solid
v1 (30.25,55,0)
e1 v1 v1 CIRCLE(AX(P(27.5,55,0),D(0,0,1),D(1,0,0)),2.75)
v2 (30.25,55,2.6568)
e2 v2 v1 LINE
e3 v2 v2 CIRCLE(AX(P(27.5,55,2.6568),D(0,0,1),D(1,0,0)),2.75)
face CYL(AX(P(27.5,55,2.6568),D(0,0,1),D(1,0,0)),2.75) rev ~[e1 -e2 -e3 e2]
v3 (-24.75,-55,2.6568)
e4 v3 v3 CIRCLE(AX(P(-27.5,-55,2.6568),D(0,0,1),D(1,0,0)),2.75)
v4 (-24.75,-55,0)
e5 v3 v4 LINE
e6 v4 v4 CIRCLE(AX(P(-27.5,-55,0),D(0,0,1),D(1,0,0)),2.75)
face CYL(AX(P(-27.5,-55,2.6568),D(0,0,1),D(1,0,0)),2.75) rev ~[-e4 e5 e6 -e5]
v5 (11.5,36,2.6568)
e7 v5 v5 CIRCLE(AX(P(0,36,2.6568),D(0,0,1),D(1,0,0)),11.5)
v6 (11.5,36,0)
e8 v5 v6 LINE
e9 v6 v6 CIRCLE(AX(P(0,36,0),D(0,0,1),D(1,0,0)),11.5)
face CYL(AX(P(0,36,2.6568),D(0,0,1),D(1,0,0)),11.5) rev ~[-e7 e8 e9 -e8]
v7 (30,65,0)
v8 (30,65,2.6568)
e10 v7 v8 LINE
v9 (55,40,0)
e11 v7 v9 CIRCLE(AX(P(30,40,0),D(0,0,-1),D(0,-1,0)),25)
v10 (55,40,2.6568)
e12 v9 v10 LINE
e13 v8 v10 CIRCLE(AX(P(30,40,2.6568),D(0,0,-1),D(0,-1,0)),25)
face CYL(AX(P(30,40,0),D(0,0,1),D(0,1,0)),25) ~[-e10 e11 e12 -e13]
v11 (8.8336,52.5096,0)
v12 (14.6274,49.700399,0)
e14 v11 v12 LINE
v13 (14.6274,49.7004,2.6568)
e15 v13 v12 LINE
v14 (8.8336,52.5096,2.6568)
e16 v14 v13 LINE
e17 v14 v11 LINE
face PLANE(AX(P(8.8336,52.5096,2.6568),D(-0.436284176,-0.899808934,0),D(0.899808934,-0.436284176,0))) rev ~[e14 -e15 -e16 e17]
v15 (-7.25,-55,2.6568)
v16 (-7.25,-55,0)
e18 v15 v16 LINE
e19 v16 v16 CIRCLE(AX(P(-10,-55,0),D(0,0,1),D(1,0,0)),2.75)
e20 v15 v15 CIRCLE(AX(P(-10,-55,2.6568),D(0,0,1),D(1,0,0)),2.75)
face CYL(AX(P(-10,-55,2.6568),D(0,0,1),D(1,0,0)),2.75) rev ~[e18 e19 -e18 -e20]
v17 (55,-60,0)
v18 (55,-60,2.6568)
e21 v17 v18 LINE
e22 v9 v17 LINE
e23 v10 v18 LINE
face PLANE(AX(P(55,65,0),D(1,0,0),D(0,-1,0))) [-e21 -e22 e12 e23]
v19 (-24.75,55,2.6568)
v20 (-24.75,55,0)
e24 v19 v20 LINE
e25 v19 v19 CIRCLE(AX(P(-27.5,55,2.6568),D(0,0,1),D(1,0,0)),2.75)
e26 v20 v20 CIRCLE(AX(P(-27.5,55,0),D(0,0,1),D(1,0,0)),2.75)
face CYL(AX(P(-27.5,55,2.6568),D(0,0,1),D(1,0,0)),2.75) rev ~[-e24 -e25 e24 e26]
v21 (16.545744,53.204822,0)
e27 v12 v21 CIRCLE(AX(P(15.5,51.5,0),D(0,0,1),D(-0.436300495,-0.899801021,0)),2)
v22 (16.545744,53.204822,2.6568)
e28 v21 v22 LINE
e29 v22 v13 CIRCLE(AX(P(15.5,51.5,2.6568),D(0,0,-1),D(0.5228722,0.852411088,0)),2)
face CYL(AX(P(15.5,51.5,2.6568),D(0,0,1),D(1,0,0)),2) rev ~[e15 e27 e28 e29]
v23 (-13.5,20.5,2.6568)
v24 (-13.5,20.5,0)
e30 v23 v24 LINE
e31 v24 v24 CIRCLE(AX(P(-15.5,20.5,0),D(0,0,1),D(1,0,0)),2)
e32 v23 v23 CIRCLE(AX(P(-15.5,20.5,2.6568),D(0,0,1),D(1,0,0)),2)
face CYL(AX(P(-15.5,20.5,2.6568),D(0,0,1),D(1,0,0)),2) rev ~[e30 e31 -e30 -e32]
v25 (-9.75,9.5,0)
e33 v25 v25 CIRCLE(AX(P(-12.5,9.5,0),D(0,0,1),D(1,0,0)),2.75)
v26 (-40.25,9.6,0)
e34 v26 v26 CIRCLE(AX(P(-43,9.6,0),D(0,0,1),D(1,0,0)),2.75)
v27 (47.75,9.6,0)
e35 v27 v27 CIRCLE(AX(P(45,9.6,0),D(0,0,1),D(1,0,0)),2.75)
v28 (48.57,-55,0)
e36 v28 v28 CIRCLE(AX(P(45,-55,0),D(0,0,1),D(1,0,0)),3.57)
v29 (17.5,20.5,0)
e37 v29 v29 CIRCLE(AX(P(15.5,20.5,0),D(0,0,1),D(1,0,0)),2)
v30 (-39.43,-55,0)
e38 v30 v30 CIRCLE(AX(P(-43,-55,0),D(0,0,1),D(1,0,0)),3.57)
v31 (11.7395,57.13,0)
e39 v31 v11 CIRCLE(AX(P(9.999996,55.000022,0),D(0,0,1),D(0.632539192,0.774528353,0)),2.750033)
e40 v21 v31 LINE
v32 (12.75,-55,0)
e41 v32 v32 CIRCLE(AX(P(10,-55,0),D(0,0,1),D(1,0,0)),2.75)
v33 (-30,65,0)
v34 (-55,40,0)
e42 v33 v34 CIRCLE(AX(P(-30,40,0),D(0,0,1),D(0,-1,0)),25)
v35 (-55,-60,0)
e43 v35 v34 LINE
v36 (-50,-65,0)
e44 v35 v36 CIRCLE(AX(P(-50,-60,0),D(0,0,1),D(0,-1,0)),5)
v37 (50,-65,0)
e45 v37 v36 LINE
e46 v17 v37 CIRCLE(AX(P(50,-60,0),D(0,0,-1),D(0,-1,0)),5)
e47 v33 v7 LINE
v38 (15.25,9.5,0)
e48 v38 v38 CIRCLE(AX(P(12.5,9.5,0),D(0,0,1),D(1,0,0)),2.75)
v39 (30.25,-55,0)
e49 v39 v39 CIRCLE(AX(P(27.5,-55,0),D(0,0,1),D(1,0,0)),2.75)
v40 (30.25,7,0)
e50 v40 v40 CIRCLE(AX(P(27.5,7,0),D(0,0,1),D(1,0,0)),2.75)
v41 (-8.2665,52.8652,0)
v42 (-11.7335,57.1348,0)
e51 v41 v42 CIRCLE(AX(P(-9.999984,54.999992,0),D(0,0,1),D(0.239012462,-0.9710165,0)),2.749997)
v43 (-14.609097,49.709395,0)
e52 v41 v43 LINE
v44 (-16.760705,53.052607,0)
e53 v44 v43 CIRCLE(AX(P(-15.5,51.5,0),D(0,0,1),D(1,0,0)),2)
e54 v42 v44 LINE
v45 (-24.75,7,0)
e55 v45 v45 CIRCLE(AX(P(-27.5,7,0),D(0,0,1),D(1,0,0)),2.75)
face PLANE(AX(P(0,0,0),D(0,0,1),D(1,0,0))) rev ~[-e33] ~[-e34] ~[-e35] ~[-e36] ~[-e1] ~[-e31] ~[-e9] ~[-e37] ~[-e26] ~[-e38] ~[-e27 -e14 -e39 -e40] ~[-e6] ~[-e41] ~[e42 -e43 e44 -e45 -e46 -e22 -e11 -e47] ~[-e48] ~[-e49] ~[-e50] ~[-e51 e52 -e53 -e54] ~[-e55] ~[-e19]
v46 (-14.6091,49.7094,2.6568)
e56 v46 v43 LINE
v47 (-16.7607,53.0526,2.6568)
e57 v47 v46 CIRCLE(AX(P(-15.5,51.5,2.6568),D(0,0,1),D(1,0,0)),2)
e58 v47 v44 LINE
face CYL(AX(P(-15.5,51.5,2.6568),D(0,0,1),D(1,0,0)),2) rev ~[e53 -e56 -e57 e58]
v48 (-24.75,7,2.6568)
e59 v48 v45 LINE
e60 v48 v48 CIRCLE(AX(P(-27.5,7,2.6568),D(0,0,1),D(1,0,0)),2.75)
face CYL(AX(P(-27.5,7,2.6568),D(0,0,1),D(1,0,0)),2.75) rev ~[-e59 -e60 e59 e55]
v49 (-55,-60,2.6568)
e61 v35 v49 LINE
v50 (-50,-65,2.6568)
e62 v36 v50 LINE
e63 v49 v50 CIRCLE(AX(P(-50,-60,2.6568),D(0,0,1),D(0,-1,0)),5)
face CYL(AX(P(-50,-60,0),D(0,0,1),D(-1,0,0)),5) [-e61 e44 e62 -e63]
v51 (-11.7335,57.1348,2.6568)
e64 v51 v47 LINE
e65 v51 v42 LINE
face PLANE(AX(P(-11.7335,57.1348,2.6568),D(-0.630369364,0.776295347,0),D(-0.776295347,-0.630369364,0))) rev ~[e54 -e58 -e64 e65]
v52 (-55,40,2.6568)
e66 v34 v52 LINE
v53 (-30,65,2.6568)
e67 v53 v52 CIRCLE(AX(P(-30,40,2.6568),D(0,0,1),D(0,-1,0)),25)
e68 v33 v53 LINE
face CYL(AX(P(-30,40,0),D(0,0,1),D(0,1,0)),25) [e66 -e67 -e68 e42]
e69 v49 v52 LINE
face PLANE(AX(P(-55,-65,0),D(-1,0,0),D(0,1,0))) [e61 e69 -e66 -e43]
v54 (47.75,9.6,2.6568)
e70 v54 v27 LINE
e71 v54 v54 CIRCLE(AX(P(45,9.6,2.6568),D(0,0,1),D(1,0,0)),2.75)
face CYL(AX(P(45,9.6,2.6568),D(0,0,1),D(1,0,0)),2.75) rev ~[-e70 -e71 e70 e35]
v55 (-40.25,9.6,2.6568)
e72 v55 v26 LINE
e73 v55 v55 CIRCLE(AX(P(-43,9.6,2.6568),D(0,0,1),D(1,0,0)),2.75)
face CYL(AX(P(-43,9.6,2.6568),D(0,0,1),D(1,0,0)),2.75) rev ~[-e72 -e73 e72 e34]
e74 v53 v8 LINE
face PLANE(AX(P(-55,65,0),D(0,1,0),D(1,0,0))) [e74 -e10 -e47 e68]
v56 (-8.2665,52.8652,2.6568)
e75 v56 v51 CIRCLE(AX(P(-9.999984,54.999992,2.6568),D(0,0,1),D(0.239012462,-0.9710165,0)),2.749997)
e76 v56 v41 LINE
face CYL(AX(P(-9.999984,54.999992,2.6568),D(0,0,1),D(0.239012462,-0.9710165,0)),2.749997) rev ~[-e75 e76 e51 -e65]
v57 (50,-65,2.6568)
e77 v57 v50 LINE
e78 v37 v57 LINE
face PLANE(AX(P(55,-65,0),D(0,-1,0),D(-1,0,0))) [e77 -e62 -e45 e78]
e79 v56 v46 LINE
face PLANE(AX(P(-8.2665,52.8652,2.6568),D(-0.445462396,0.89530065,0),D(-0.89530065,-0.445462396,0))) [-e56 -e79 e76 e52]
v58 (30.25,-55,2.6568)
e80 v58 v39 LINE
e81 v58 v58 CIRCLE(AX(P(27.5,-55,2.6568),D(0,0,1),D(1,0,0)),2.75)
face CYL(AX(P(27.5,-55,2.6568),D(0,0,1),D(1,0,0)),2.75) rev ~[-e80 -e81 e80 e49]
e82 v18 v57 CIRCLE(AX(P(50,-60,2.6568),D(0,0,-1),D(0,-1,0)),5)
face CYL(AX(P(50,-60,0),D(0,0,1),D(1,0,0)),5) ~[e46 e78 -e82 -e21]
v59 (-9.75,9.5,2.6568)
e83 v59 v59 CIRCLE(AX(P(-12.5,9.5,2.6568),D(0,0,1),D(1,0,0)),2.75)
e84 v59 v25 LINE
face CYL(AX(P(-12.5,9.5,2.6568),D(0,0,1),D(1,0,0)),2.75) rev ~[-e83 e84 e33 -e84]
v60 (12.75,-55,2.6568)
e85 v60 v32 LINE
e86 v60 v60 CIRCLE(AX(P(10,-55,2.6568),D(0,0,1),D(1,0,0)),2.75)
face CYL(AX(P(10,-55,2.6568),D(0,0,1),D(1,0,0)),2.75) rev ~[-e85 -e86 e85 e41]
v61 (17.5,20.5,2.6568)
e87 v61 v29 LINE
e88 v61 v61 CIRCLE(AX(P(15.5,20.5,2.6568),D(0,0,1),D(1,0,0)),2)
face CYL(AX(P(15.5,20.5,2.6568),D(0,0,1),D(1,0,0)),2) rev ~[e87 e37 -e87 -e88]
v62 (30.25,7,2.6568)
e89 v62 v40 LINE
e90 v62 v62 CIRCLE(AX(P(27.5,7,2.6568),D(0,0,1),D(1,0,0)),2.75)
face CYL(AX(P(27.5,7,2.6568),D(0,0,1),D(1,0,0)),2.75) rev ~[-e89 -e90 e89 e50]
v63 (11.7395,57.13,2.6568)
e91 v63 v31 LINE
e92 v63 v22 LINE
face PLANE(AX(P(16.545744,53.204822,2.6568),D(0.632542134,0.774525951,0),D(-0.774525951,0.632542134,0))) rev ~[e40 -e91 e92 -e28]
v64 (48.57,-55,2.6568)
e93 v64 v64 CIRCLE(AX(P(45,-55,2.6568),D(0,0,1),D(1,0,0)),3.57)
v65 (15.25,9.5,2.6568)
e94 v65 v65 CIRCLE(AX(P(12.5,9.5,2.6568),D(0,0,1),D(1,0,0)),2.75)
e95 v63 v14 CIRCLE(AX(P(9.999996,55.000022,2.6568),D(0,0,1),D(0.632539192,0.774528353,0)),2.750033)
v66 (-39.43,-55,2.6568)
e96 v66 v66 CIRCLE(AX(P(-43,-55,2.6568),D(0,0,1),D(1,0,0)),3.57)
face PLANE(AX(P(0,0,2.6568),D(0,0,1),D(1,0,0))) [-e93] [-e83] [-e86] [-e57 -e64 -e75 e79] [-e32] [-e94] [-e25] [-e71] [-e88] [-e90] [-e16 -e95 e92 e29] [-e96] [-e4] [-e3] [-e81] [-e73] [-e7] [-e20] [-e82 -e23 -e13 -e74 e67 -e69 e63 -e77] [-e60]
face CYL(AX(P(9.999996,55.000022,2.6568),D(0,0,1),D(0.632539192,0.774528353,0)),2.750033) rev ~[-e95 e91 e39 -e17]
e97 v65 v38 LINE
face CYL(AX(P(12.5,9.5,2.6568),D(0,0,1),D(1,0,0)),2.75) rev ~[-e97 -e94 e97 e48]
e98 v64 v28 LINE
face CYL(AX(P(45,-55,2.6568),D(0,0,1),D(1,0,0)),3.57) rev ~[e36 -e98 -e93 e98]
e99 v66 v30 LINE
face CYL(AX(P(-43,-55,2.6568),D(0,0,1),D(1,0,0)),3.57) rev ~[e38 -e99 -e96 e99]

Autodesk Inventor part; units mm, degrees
ref_plane "YZ Plane" through (0, 0, 0) normal (1, 0, 0) x (0, 1, 0)
ref_plane "XZ Plane" through (0, 0, 0) normal (0, 1, 0) x (-1, 0, 0)
ref_plane "XY Plane" through (0, 0, 0) normal (0, 0, 1) x (1, 0, 0)
sketch "Sketch1" plane through (0, 0, 0) normal (0, 0, 1) x (1, 0, 0)
  line L0 (-55, 65) -> (55, 65)
  line L1 (55, 65) -> (55, -65)
  line L2 (55, -65) -> (-55, -65)
  line L3 (-55, -65) -> (-55, 65)
  point P0 (0, 0)
  dimension "d0" = 110
  dimension "d1" = 130
  dimension "d2" = 65
  dimension "d3" = 55
extrude "profile" add sketch "Sketch1" along normal blind 2.6568
sketch "Sketch3" plane through (0, 0, 2.6568) normal (0, 0, 1) x (1, 0, 0)
  line L0 (-55, 65) -> (-55, -65) projected
  line L1 (-55, -65) -> (55, -65) projected
  circle A0 centre (-43, -55) radius 3.57
  circle A1 centre (-43, 9.6) radius 2.75
  circle A2 centre (-43, 9.6) radius 11.75 construction
  point P0 (0, 0)
  dimension "d15" = 7.14
  dimension "d16" = 5.5
  dimension "d17" = 64.6
  dimension "d18" = 10
  dimension "d19" = 12
  dimension "d21" = 12
extrude "Extrusion3" cut sketch "Sketch3" against normal through all
pattern_linear "Rectangular Pattern2" count 2 spacing 88 along (1, 0, 0) of "Extrusion3"
sketch "Sketch4" plane through (0, 0, 2.6568) normal (0, 0, 1) x (1, 0, 0)
  line L0 (55, 65) -> (-55, 65) projected
  line L1 (55, -65) -> (55, 65) projected
  circle A0 centre (0, 36) radius 11.5
  circle A1 centre (-15.5, 51.5) radius 2
  circle A2 centre (15.5, 51.5) radius 2
  circle A3 centre (-15.5, 20.5) radius 2
  circle A4 centre (15.5, 20.5) radius 2
  point P0 (0, 0)
  dimension "d27" = 23
  dimension "d28" = 29
  dimension "d29" = 4
  dimension "d30" = 15.5
  dimension "d31" = 15.5
  dimension "d36" = 55
  dimension "d51" = 31
  dimension "d54" = 31
extrude "nema17_mount" cut sketch "Sketch4" against normal through all
fillet "Fillet1" radius 25 2 edges at (55, 65, 1.3284) (-55, 65, 1.3284)
sketch "Sketch5" plane through (0, 0, 2.6568) normal (0, 0, 1) x (1, 0, 0)
  line L0 (-55, 65) -> (-55, -65) projected
  line L1 (-55, -65) -> (55, -65) projected
  circle A0 centre (-12.5, 9.5) radius 2.75
  line L2 (30, 65) -> (-30, 65) projected
  circle A1 centre (12.5, 9.5) radius 2.75
  point P0 (67.5, -65)
  point P1 (-72.5, 60)
  point P2 (-72.5, -60)
  point P3 (-67.5, -65)
  point P4 (0, 0)
  dimension "d41" = 5.5
  dimension "d42" = 74.5
  dimension "d43" = 42.5
  dimension "d59" = 25
extrude "idler_holes" cut sketch "Sketch5" against normal through all
sketch "Sketch7" plane through (0, 0, 2.6568) normal (0, 0, 1) x (1, 0, 0)
  circle A0 centre (-15.5, 51.5) radius 2 projected
  line L0 (-55, 40) -> (-55, -65) projected
  line L1 (30, 65) -> (-30, 65) projected
  arc A1 (-9.3427, 52.3297) -> (-11.7335, 57.1348) centre (-10, 55) ccw
  arc A2 (11.7395, 57.13) -> (8.8336, 52.5096) centre (10, 55) ccw
  line L2 (-11.7335, 57.1348) -> (-16.7607, 53.0526)
  line L3 (-8.2665, 52.8652) -> (-14.6091, 49.7094)
  circle A3 centre (15.5, 51.5) radius 2 projected
  line L4 (8.8336, 52.5096) -> (14.6274, 49.7004)
  line L5 (16.9616, 52.8652) -> (11.7395, 57.13)
  point P0 (0, 0)
  dimension "d70" = 5.5
  dimension "d71" = 5.5
  dimension "d72" = 10
  dimension "d73" = 10
  dimension "d74" = 20
  dimension "d75" = 45
extrude "Extrusion7" cut sketch "Sketch7" against normal through all contours A0 L2 A1 L3 | L5 A3 L4 A2 | L5 A3 picked at (16.0496, 50.6933)
sketch "Sketch8" plane through (0, 0, 2.6568) normal (0, 0, 1) x (1, 0, 0)
  line L0 (-55, 40) -> (-55, -65) projected
  line L1 (-55, -65) -> (55, -65) projected
  circle A0 centre (-10, -55) radius 2.75
  circle A1 centre (10, -55) radius 2.75
  point P0 (0, 0)
  dimension "d78" = 5.5
  dimension "d79" = 5.5
  dimension "d80" = 20
  dimension "d81" = 10
  dimension "d82" = 10
  dimension "d83" = 45
extrude "Extrusion8" cut sketch "Sketch8" against normal through all
sketch "Sketch9" plane through (0, 0, 2.6568) normal (0, 0, 1) x (1, 0, 0)
  line L0 (-55, 40) -> (-55, -65) projected
  line L1 (-55, -65) -> (55, -65) projected
  circle A0 centre (-27.5, 7) radius 2.75
  point P0 (0, 0)
  dimension "d86" = 5.5
  dimension "d87" = 27.5
  dimension "d88" = 72
extrude "Extrusion9" cut sketch "Sketch9" against normal through all
pattern_linear "Rectangular Pattern4" count 2 spacing 55 along (1, 0, 0) count 2 spacing 62 along (0, -1, 0) of "Extrusion9"
fillet "Fillet3" radius 5 2 edges at (55, -65, 1.3284) (-55, -65, 1.3284)
sketch "Sketch10" plane through (0, 0, 2.6568) normal (0, 0, 1) x (1, 0, 0)
  line L0 (30, 65) -> (-30, 65) projected
  line L1 (-55, 40) -> (-55, -60) projected
  circle A0 centre (-27.5, 55) radius 2.75
  circle A1 centre (27.5, 55) radius 2.75
  point P0 (0, 0)
  dimension "d98" = 5.5
  dimension "d99" = 5.5
  dimension "d100" = 27.5
  dimension "d101" = 82.5
  dimension "d102" = 10
  dimension "d103" = 10
extrude "Extrusion10" cut sketch "Sketch10" against normal through all
equation "\"d2\" = 0.5 * d1"
equation "\"d3\" = 0.5 * d0"
equation "\"d72\" = d73"
equation "\"d82\" = d81"
properties part number "x_motor_mount_v2" material "Steel, Mild"
